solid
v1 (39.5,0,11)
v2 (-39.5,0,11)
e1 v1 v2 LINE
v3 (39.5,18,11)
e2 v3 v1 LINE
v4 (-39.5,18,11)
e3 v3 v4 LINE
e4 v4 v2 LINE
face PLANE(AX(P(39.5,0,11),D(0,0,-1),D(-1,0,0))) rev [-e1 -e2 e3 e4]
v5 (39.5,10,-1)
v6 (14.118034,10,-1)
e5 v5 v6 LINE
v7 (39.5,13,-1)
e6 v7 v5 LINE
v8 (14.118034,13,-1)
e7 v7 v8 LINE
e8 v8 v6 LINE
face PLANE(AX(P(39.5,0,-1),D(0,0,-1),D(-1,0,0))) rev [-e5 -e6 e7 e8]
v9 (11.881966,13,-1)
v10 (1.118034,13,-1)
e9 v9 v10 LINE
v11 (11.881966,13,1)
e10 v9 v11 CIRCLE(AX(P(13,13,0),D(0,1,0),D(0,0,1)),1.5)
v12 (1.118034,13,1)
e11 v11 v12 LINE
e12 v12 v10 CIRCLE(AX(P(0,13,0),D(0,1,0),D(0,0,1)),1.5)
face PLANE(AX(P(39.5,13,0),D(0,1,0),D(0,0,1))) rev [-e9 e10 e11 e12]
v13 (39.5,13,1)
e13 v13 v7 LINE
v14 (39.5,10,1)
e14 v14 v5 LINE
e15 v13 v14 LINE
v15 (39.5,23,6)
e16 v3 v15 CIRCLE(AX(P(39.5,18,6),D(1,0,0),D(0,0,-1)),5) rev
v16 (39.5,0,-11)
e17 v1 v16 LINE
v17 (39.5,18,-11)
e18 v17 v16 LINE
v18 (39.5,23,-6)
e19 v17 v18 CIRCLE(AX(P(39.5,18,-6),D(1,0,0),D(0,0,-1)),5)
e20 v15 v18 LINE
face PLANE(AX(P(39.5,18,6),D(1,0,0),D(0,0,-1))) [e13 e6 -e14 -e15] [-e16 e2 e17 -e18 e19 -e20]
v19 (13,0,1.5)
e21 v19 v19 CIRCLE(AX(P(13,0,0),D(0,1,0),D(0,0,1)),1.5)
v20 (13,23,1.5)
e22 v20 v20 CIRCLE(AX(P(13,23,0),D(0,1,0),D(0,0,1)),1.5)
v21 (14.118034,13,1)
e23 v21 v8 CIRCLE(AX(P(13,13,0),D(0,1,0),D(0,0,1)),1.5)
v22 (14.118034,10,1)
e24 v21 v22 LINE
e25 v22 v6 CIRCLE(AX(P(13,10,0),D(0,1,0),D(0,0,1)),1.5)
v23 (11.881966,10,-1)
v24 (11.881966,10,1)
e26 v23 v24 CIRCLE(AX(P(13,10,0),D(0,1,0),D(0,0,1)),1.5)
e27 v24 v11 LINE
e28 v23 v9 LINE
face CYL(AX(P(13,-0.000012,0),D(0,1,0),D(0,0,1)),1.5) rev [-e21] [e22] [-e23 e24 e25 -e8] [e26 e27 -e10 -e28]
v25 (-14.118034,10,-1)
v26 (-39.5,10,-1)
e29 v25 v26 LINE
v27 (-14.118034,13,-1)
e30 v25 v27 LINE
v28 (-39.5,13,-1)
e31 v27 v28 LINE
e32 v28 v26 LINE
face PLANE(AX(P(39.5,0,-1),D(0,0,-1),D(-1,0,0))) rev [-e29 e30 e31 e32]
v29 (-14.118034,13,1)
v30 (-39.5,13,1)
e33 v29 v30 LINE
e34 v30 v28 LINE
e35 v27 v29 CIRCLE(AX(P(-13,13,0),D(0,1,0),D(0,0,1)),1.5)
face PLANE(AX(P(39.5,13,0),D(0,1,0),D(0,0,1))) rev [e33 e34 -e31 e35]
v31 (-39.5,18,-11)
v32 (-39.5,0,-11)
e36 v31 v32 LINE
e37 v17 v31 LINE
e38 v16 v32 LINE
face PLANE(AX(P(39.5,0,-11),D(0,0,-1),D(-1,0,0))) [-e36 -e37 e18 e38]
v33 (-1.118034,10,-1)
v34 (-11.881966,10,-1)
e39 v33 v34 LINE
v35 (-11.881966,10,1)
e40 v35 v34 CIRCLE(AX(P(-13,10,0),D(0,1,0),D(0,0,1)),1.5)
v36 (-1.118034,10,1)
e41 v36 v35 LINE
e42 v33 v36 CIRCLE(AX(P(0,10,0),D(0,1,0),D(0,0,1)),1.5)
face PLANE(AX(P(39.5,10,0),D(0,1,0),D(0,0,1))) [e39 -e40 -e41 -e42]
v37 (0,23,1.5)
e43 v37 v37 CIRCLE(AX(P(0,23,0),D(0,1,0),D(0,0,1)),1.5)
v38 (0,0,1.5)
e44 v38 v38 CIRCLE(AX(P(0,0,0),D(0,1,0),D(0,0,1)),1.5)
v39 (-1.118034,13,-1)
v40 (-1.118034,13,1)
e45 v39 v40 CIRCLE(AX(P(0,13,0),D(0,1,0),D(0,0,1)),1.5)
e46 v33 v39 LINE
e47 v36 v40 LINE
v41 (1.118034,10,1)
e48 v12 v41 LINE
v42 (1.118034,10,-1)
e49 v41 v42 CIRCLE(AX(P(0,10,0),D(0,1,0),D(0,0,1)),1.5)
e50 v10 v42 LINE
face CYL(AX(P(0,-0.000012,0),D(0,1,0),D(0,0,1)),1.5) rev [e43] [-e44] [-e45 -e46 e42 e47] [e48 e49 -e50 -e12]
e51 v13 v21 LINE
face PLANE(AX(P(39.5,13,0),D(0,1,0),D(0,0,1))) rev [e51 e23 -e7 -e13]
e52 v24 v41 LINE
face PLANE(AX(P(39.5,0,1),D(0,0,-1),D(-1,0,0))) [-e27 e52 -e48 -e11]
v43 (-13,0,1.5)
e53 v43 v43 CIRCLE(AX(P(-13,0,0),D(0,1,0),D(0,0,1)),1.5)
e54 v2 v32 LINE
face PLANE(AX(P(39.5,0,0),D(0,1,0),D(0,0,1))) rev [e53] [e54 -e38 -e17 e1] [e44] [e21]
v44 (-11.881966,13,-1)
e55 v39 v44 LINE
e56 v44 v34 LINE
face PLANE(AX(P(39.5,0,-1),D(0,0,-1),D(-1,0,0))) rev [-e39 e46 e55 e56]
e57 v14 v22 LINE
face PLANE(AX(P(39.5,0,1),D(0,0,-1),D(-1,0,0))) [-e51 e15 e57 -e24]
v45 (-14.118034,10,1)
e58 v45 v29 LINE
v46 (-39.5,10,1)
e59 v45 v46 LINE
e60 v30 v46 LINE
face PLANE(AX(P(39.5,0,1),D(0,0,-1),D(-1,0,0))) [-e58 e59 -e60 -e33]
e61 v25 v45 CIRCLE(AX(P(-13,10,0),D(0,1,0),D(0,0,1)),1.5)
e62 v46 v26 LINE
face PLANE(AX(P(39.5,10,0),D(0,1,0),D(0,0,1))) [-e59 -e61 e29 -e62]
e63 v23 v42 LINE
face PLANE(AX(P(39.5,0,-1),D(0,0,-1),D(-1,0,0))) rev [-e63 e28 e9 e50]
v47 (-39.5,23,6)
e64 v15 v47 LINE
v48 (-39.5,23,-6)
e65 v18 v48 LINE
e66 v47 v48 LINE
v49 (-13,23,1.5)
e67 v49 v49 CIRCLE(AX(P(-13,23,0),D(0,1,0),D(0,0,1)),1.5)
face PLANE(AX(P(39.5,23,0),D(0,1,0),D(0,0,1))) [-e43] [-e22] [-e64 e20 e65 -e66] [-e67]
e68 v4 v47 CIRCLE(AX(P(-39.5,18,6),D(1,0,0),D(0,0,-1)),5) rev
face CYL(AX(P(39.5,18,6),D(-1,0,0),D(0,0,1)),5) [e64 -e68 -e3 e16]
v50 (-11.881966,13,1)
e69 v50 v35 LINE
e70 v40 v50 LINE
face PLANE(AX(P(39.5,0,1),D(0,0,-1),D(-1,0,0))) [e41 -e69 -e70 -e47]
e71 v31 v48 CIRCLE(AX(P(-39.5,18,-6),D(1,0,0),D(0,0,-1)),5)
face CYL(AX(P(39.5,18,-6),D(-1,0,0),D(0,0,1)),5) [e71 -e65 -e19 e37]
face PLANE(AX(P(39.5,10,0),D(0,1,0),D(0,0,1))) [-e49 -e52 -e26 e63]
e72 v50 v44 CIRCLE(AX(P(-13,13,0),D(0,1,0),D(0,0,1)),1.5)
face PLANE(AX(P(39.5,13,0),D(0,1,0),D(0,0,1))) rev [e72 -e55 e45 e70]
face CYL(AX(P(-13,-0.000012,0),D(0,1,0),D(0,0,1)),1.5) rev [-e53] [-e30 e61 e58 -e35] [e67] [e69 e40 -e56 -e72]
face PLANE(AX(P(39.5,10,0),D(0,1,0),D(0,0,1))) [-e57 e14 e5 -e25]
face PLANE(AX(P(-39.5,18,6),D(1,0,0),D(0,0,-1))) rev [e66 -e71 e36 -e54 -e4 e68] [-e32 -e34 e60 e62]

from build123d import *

# Parameters (mm, degrees)
EXTRUS_O_FINA1_DEPTH       = 39.5
EXTRUS_O_FINA1_DEPTH_BACK  = 39.5
CORTE_EXTRUS_O3_DEPTH      = 48.013295992
CORTE_EXTRUS_O3_DEPTH_BACK = 48.013295992
ESBO_O1_R                  = 1.5


with BuildPart() as part:
    # Esboço2 → Extrusão-Fina1 (new, two sides: drawn at the far end of the back side and taken through both)
    with BuildSketch(Plane(origin=(0, 0, 0), x_dir=(0, 0, -1), z_dir=(1, 0, 0)).offset(-EXTRUS_O_FINA1_DEPTH_BACK)):
        with BuildLine():
            Line((6, 23), (0, 23))
            Line((0, 23), (-6, 23))
            ThreePointArc((-6, 23), (-9.535533906, 21.535533906), (-11, 18))
            Line((-11, 18), (-11, 0))
            Line((-11, 0), (11, 0))
            Line((11, 0), (11, 18))
            ThreePointArc((11, 18), (9.535533906, 21.535533906), (6, 23))
        make_face()
        Polygon((1, 13), (0, 13), (-1, 13), (-1, 10), (1, 10), align=None, mode=Mode.SUBTRACT)
    extrude(amount=EXTRUS_O_FINA1_DEPTH + EXTRUS_O_FINA1_DEPTH_BACK)

    # Esboço1 → Corte-extrusão3 (cut, two sides: drawn at the far end of the back side and taken through both)
    with BuildSketch(Plane(origin=(0, 0, 0), x_dir=(1, 0, 0), z_dir=(0, 1, 0)).offset(-CORTE_EXTRUS_O3_DEPTH_BACK)):
        with Locations(Location((13, 0, 0), (0, 0, 270))):
            Circle(ESBO_O1_R)
        with Locations(Location((0, 0, 0), (0, 0, 270))):
            Circle(ESBO_O1_R)
        with Locations(Location((-13, 0, 0), (0, 0, 270))):
            Circle(ESBO_O1_R)
    extrude(amount=CORTE_EXTRUS_O3_DEPTH + CORTE_EXTRUS_O3_DEPTH_BACK, mode=Mode.SUBTRACT)


solid = part.part
